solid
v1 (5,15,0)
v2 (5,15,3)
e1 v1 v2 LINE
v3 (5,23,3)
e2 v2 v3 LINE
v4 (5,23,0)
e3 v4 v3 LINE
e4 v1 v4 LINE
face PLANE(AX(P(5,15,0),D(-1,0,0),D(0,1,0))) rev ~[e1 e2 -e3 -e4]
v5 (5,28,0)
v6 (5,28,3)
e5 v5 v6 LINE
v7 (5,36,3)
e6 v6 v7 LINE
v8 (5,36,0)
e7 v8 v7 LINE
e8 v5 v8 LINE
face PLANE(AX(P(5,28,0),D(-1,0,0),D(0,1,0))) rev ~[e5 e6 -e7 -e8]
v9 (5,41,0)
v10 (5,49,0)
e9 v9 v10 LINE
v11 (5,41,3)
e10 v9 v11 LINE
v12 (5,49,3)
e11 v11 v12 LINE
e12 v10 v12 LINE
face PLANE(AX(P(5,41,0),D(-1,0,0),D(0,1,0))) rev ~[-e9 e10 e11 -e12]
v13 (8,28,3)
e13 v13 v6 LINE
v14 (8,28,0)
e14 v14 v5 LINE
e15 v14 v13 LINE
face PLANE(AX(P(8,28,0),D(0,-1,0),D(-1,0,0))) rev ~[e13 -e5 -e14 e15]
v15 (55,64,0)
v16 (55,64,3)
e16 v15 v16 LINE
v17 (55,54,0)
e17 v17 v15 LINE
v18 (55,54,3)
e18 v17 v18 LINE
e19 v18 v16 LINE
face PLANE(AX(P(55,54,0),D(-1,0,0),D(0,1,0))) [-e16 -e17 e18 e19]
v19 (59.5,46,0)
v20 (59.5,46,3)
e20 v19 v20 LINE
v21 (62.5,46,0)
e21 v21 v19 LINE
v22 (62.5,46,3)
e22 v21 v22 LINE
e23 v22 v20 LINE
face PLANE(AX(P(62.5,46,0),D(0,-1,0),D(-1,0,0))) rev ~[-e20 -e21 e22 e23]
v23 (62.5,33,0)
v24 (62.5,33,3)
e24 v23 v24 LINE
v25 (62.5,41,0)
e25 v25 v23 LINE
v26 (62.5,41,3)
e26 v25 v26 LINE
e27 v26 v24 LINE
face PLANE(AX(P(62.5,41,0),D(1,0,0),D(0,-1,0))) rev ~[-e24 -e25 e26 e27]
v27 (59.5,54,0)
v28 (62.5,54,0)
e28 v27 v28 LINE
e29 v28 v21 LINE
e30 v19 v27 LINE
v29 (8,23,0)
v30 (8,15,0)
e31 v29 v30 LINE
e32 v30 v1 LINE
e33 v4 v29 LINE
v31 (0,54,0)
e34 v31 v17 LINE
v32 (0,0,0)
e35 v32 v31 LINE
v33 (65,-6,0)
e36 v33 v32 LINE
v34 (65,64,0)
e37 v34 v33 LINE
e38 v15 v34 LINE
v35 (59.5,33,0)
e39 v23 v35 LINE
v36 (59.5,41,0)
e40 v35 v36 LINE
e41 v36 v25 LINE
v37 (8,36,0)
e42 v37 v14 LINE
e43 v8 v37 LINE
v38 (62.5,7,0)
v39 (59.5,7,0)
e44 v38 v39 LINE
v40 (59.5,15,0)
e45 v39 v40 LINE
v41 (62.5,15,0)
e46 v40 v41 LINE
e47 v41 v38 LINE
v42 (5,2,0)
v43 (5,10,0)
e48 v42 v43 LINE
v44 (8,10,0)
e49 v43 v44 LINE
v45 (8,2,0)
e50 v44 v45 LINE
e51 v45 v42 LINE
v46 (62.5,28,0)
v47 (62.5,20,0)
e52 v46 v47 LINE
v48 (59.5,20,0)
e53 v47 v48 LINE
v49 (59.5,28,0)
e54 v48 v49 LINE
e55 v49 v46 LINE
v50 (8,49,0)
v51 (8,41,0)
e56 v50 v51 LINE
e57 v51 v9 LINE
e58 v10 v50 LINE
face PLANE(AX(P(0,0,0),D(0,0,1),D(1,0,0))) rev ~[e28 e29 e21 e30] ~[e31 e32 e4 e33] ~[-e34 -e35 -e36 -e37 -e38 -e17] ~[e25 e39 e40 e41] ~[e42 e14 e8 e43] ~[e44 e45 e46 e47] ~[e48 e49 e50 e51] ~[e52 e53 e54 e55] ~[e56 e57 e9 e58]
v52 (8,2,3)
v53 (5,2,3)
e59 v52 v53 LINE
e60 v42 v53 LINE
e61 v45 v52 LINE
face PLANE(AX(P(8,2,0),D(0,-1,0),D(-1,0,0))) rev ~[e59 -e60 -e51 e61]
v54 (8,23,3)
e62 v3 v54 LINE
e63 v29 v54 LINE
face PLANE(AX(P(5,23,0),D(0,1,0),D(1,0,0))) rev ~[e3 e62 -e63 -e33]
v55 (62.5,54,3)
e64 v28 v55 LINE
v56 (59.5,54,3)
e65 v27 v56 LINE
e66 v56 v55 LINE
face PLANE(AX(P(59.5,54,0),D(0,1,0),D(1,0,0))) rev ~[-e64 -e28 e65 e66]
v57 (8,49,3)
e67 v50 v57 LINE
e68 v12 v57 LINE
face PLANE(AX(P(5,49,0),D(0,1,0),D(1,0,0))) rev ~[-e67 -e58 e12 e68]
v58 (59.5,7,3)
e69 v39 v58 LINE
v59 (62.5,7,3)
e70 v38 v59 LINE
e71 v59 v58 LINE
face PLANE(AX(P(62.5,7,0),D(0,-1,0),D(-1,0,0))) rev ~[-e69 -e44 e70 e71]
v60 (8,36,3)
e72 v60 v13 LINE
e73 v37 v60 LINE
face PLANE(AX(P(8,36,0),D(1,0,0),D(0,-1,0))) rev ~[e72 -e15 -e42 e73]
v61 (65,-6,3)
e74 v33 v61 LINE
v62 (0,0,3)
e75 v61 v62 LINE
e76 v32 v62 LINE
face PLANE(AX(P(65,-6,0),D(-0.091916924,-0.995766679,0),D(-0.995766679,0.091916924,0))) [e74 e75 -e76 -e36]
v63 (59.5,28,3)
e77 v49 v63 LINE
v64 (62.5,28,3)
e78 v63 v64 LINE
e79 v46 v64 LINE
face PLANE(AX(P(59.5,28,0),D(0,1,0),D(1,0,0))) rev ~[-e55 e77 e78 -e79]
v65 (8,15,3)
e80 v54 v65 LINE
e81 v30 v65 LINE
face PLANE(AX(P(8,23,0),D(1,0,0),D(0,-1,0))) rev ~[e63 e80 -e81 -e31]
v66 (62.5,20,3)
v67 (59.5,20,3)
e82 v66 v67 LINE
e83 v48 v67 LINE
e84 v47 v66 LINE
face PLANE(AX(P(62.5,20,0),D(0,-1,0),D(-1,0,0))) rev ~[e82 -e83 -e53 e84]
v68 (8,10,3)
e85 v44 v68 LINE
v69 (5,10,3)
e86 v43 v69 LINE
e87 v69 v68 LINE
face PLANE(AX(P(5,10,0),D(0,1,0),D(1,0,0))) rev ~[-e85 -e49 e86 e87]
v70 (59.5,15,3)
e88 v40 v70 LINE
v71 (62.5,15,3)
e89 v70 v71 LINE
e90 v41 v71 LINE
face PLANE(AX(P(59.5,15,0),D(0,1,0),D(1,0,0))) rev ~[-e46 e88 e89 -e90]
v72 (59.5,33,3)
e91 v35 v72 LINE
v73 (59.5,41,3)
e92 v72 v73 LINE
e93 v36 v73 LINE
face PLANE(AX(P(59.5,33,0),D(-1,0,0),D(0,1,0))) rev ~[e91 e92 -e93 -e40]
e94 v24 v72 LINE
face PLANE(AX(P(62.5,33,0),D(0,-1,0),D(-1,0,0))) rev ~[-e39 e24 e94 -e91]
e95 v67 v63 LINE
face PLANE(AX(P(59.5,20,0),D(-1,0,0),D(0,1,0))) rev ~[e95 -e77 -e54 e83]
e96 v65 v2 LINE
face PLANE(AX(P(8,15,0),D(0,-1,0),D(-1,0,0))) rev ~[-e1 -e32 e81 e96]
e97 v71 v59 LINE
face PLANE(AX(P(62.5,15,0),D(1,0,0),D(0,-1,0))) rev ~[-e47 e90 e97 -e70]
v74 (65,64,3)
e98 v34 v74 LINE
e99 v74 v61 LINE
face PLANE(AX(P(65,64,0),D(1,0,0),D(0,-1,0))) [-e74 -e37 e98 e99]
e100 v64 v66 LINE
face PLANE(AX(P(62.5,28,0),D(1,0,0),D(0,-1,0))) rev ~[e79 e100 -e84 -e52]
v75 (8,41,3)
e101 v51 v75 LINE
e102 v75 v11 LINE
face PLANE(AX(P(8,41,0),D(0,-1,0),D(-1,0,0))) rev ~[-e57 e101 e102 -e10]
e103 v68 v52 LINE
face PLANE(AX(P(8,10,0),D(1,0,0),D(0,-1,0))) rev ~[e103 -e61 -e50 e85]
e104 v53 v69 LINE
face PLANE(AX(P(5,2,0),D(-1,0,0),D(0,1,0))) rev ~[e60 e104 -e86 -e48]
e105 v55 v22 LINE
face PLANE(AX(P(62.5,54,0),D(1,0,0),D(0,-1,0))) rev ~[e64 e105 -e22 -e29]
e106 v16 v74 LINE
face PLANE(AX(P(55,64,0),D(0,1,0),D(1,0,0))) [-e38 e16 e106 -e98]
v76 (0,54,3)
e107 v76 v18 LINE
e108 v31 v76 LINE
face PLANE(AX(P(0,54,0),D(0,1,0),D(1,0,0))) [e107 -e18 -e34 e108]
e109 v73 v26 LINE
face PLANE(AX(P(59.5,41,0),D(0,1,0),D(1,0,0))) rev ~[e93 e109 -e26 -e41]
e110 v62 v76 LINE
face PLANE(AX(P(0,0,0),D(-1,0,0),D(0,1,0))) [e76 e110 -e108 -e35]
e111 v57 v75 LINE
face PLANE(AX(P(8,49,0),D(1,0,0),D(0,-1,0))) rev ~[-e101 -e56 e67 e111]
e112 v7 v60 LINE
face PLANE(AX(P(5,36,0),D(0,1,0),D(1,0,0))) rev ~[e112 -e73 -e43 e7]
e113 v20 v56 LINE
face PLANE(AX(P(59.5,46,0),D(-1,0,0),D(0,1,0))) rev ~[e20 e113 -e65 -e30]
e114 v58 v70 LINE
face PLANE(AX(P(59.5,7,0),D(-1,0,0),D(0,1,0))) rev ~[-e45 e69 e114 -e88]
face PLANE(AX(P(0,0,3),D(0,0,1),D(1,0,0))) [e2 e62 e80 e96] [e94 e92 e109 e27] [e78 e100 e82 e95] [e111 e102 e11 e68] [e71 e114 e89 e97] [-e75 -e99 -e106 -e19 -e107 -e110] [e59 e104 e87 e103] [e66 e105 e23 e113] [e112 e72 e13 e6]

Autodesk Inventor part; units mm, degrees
ref_plane "YZ Plane" through (0, 0, 0) normal (1, 0, 0) x (0, 1, 0)
ref_plane "XZ Plane" through (0, 0, 0) normal (0, 1, 0) x (-1, 0, 0)
ref_plane "XY Plane" through (0, 0, 0) normal (0, 0, 1) x (1, 0, 0)
sketch "Sketch1" plane through (0, 0, 0) normal (0, 0, 1) x (1, 0, 0)
  line L0 (0, 0) -> (0, 54)
  line L1 (0, 54) -> (55, 54)
  line L2 (55, 54) -> (55, 64)
  line L3 (55, 64) -> (65, 64)
  line L4 (65, 64) -> (65, -6)
  line L5 (65, -6) -> (0, 0)
  line L6 (5, 49) -> (8, 49)
  line L7 (8, 49) -> (8, 41)
  line L8 (8, 41) -> (5, 41)
  line L9 (5, 41) -> (5, 49)
  line L10 (5, 36) -> (8, 36)
  line L11 (8, 36) -> (8, 28)
  line L12 (8, 28) -> (5, 28)
  line L13 (5, 28) -> (5, 36)
  line L14 (5, 23) -> (8, 23)
  line L15 (8, 23) -> (8, 15)
  line L16 (8, 15) -> (5, 15)
  line L17 (5, 15) -> (5, 23)
  line L18 (5, 10) -> (8, 10)
  line L19 (8, 10) -> (8, 2)
  line L20 (8, 2) -> (5, 2)
  line L21 (5, 2) -> (5, 10)
  line L22 (59.5, 54) -> (62.5, 54)
  line L23 (62.5, 54) -> (62.5, 46)
  line L24 (62.5, 46) -> (59.5, 46)
  line L25 (59.5, 46) -> (59.5, 54)
  line L26 (59.5, 41) -> (62.5, 41)
  line L27 (62.5, 41) -> (62.5, 33)
  line L28 (62.5, 33) -> (59.5, 33)
  line L29 (59.5, 33) -> (59.5, 41)
  line L30 (59.5, 28) -> (62.5, 28)
  line L31 (62.5, 28) -> (62.5, 20)
  line L32 (62.5, 20) -> (59.5, 20)
  line L33 (59.5, 20) -> (59.5, 28)
  line L34 (59.5, 15) -> (62.5, 15)
  line L35 (62.5, 15) -> (62.5, 7)
  line L36 (62.5, 7) -> (59.5, 7)
  line L37 (59.5, 7) -> (59.5, 15)
  point P0 (6.5, 49)
  point P1 (6.5, 36)
  point P2 (6.5, 23)
  point P3 (6.5, 10)
  point P4 (6.5, 41)
  point P5 (6.5, 28)
  point P6 (6.5, 15)
  point P7 (5, 6)
  point P8 (61, 54)
  point P9 (61, 41)
  point P10 (61, 28)
  point P11 (61, 15)
  point P12 (61, 46)
  point P13 (61, 33)
  point P14 (61, 20)
  point P15 (59.5, 11)
  point P16 (60, 64)
  point P17 (62.5, 37)
  dimension "d0" = 54
  dimension "d1" = 55
  dimension "d2" = 10
  dimension "d3" = 10
  dimension "d4" = 70
  dimension "d5" = 3
  dimension "d6" = 8
  dimension "d7" = 5
  dimension "d8" = 5
  dimension "d9" = 3
  dimension "d10" = 8
  dimension "d11" = 3
  dimension "d12" = 8
  dimension "d13" = 3
  dimension "d14" = 8
  dimension "d15" = 5
  dimension "d16" = 5
  dimension "d17" = 5
  dimension "d18" = 5
  dimension "d19" = 5
  dimension "d20" = 5
  dimension "d21" = 3
  dimension "d22" = 8
  dimension "d23" = 3
  dimension "d24" = 8
  dimension "d25" = 3
  dimension "d26" = 8
  dimension "d27" = 3
  dimension "d28" = 8
  dimension "d29" = 5
  dimension "d30" = 5
  dimension "d31" = 5
  dimension "d32" = 10
  dimension "d33" = 2.5
  dimension "d34" = 2.5
  dimension "d35" = 2.5
  dimension "d36" = 2.5
extrude "Extrusion1" add sketch "Sketch1" along normal blind 3
properties part number "support select pt 1"
